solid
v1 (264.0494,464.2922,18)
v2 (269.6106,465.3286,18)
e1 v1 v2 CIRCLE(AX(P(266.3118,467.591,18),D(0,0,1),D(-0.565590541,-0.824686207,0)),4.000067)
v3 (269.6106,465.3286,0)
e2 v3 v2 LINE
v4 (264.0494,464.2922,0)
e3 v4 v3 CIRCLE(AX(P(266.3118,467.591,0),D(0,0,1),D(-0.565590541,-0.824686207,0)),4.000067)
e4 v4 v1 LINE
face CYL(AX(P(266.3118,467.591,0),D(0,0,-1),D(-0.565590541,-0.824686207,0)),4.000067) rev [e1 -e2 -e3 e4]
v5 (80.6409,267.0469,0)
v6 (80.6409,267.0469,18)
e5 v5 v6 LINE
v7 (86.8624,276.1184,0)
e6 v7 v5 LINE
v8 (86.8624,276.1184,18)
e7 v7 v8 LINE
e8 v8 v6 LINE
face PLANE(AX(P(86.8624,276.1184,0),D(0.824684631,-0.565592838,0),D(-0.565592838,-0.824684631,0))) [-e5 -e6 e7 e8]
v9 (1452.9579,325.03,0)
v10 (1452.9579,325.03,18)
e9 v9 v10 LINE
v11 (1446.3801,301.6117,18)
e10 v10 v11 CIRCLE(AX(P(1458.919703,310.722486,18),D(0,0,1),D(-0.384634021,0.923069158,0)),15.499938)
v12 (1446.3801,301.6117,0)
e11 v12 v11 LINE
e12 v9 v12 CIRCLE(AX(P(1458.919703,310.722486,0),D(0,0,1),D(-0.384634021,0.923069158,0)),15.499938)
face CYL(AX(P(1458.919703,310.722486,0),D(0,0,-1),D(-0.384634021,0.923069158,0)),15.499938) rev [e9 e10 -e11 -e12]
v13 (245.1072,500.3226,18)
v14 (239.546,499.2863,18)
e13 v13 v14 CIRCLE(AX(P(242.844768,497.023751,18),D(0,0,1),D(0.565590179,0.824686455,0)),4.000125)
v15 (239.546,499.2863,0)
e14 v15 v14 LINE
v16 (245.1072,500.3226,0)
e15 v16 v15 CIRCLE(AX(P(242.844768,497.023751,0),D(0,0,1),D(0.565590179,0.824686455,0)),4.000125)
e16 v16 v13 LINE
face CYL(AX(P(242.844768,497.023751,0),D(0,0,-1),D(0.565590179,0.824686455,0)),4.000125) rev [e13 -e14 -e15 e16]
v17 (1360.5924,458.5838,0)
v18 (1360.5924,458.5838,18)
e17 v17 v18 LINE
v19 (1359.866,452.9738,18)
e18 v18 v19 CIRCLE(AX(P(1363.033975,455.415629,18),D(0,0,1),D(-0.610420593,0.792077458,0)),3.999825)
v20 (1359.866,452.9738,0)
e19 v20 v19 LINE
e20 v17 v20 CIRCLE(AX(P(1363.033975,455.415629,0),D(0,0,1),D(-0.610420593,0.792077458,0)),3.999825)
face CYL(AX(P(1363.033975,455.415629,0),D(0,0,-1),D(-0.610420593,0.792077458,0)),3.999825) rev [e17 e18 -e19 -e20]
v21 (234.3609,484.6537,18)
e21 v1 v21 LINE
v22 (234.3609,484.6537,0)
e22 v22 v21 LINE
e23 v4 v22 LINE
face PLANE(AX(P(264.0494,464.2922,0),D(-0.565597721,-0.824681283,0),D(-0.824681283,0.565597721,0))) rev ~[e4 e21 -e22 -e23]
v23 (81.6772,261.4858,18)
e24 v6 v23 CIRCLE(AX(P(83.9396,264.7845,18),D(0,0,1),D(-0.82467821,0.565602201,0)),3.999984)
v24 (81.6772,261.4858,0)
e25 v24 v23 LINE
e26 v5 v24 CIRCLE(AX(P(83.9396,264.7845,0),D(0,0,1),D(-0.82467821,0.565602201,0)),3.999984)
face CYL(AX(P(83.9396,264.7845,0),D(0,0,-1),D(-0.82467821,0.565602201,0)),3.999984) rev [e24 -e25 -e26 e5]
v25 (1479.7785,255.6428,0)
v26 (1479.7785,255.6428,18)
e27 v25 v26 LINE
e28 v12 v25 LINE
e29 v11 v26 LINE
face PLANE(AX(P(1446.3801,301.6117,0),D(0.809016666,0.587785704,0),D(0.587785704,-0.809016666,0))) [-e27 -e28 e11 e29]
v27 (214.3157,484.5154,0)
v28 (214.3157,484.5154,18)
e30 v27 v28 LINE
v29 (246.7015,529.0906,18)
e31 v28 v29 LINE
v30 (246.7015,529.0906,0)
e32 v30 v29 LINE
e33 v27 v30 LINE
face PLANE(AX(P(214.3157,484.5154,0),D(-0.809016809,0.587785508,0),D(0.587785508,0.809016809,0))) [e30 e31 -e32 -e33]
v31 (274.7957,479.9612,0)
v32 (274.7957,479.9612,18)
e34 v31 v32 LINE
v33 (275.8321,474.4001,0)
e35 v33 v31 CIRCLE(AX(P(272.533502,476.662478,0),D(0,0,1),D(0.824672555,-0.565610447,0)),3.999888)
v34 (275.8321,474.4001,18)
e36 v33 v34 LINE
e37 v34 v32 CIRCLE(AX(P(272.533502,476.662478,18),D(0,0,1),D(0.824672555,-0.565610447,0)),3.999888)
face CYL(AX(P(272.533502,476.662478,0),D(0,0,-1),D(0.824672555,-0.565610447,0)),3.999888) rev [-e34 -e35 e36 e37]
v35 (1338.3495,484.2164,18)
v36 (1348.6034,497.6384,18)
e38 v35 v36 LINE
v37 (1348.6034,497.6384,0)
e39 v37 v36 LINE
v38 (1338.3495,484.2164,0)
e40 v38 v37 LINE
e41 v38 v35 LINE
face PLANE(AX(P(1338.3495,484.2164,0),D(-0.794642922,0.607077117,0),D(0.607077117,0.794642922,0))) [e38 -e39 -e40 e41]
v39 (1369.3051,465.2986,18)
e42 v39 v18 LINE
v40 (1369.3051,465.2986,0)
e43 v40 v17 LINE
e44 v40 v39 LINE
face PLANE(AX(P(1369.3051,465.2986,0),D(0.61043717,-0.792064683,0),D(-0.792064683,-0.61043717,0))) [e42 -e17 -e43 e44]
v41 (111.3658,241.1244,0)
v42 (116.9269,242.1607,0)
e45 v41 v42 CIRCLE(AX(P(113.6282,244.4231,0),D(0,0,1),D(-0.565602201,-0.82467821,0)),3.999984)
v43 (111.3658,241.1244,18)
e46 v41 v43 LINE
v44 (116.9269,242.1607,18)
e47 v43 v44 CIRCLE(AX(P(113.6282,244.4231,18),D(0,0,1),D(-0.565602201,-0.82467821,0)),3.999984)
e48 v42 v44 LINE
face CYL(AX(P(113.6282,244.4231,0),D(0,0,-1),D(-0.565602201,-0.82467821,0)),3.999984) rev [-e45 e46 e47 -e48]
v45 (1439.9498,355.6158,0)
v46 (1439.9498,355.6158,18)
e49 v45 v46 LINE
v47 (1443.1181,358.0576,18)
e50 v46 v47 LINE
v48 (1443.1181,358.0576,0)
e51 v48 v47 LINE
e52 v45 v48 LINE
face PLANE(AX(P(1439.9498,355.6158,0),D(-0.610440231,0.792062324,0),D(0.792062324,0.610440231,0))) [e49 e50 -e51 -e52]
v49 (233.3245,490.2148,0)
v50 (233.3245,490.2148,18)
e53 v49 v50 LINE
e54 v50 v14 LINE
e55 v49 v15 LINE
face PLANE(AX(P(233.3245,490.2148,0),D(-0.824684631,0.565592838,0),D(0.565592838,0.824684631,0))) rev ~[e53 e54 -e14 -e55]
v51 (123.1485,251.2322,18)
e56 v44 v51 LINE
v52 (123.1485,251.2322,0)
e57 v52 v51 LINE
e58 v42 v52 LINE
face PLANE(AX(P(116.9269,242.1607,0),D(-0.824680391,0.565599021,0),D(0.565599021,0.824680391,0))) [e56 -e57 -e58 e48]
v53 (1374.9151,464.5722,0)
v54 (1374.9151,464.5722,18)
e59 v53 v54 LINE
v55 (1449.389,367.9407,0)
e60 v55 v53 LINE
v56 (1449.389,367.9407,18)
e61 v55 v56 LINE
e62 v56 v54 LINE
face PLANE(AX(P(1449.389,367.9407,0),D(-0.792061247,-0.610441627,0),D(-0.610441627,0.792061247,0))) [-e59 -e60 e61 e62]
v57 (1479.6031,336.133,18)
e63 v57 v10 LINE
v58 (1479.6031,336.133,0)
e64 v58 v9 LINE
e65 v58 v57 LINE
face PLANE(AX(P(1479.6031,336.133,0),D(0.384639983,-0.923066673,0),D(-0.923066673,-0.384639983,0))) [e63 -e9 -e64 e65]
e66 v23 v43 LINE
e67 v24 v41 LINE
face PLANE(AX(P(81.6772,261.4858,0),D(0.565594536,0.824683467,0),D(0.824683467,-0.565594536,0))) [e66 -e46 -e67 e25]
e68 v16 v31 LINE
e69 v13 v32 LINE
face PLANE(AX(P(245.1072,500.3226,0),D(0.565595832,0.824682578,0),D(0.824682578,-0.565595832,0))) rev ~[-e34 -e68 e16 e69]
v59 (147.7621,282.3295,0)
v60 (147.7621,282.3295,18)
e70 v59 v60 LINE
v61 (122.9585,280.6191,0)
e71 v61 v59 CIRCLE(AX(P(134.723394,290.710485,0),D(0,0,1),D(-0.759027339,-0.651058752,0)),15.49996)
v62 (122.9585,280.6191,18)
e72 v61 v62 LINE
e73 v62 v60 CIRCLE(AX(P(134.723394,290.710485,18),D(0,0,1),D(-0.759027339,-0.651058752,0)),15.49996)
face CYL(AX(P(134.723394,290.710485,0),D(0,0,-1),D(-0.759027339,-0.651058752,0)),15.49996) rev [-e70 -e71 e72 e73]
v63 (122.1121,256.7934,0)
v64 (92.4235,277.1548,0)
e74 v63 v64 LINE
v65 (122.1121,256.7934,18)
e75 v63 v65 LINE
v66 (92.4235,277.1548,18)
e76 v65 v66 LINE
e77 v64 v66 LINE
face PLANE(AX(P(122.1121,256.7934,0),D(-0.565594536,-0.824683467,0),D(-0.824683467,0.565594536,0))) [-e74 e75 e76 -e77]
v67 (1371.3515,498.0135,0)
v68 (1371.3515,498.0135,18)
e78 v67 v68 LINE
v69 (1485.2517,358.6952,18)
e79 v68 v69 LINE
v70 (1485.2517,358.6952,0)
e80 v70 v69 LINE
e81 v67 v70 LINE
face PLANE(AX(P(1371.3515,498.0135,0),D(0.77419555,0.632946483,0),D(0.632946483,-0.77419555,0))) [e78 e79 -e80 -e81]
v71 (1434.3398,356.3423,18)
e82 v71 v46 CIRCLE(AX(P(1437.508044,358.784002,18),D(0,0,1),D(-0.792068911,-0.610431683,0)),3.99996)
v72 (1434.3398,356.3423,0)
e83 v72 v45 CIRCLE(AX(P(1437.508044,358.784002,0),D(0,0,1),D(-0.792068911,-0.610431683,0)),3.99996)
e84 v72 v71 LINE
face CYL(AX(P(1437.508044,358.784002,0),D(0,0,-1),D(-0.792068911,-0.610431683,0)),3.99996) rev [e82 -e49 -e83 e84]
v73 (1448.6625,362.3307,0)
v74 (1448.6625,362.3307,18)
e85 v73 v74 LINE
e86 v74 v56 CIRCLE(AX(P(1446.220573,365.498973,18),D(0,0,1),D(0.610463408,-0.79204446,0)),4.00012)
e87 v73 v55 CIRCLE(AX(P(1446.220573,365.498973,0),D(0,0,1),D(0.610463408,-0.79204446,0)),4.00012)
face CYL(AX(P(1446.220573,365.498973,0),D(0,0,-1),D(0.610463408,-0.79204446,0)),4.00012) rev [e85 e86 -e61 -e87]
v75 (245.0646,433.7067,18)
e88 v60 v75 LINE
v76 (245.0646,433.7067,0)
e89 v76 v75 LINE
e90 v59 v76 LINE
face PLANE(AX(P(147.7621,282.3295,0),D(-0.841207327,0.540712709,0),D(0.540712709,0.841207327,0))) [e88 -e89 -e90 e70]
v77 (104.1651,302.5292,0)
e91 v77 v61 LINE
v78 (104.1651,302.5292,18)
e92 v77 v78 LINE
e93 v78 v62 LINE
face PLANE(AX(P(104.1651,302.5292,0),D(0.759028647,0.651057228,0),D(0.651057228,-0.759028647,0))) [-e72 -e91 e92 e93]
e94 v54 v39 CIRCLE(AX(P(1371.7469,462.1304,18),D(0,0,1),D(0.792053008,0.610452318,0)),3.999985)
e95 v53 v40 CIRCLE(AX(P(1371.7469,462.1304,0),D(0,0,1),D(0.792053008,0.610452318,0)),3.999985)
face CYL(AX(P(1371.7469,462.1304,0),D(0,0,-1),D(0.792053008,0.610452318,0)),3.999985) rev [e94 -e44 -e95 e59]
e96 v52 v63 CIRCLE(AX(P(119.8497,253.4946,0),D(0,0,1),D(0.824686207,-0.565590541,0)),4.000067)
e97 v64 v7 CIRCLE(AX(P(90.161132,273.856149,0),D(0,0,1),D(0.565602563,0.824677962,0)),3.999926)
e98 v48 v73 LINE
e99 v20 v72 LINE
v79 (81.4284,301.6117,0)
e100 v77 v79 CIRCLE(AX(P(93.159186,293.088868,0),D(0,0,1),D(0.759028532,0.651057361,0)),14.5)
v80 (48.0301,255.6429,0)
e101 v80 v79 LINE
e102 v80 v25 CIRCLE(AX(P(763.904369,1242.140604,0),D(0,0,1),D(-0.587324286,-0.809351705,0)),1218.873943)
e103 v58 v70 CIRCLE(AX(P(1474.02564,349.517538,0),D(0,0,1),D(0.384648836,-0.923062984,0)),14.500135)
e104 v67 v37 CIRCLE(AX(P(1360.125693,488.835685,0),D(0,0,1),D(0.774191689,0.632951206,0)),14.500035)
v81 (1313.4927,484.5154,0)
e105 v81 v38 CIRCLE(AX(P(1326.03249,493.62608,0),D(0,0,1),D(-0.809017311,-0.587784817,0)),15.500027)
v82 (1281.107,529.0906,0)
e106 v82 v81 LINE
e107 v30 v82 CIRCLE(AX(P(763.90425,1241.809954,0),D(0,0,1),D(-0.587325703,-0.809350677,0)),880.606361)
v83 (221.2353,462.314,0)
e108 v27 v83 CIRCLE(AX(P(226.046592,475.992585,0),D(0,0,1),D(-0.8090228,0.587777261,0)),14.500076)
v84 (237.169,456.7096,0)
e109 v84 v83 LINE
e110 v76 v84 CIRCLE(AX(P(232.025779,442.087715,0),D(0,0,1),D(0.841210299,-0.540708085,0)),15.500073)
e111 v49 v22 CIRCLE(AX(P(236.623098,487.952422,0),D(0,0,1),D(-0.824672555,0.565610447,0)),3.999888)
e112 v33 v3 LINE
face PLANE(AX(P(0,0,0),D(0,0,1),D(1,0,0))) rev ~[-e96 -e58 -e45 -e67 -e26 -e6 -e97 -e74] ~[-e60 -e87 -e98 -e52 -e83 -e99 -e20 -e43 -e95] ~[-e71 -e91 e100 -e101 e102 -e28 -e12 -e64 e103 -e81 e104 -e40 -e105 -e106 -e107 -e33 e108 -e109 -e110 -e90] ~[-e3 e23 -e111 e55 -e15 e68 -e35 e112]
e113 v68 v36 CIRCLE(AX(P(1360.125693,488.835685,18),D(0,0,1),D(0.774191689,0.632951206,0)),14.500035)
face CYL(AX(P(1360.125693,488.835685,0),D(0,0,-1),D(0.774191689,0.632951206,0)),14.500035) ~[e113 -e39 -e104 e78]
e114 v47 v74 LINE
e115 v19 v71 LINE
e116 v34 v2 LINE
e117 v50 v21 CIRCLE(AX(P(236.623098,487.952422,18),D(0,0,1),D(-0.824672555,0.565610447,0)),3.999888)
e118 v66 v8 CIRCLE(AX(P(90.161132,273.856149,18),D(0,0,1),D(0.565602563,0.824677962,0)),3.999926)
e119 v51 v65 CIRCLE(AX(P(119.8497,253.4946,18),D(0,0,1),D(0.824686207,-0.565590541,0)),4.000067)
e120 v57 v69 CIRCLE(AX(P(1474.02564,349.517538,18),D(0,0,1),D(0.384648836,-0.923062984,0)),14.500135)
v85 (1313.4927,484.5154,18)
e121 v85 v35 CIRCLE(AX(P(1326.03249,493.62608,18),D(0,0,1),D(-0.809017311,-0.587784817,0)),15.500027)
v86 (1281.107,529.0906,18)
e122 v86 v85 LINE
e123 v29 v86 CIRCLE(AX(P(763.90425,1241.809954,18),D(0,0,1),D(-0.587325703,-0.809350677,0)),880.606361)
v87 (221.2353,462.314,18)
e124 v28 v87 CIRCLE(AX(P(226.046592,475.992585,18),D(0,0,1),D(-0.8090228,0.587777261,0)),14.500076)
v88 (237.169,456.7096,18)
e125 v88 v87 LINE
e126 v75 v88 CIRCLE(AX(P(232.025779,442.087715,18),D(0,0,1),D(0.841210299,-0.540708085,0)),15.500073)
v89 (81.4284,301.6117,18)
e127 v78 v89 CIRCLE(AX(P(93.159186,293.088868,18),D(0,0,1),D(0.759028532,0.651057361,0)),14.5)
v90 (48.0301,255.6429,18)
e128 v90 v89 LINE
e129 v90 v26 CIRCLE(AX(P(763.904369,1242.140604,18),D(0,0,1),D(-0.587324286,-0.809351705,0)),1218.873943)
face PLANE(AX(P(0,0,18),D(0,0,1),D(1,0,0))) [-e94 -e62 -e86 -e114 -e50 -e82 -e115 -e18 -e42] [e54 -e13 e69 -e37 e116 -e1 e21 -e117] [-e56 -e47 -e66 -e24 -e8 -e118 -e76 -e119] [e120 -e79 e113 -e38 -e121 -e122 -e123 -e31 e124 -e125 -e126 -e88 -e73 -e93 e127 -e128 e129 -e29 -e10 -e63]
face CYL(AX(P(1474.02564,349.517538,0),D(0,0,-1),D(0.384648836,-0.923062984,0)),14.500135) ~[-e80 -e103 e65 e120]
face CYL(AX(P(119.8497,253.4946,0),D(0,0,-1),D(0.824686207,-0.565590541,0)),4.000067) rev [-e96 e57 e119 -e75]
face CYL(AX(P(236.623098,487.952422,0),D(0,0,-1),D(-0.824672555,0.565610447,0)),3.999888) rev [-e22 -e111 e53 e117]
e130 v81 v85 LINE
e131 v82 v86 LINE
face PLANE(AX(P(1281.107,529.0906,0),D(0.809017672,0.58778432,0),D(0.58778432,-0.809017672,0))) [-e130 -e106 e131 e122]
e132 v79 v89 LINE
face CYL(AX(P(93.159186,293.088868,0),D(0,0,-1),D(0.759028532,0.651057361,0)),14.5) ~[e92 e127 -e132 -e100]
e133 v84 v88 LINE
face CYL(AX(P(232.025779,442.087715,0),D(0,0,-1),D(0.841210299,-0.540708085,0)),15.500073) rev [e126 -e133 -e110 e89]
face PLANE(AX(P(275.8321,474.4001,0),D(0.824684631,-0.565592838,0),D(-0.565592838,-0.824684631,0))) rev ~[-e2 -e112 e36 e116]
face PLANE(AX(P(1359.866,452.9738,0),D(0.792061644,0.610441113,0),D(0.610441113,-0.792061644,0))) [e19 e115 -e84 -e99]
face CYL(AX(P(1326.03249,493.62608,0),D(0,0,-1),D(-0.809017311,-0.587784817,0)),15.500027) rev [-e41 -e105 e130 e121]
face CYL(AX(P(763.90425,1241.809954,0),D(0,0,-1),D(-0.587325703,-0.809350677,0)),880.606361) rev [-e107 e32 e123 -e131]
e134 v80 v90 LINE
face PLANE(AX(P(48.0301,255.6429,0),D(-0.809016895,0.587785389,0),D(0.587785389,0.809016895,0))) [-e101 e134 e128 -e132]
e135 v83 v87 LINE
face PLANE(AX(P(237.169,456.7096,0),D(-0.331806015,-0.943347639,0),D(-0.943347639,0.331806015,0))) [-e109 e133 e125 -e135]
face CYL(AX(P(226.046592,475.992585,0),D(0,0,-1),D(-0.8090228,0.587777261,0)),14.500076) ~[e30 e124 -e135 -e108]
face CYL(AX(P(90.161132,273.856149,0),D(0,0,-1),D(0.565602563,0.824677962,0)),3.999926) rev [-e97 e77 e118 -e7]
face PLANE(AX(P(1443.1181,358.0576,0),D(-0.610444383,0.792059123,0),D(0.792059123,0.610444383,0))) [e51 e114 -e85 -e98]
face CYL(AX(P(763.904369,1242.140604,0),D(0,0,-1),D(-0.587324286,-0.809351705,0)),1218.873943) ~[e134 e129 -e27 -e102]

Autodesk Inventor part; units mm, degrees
ref_plane "YZ Plane" through (0, 0, 0) normal (1, 0, 0) x (0, 1, 0)
ref_plane "XZ Plane" through (0, 0, 0) normal (0, 1, 0) x (-1, 0, 0)
ref_plane "XY Plane" through (0, 0, 0) normal (0, 0, 1) x (1, 0, 0)
sketch "CONTOURS" plane through (0, 0, 0) normal (0, 0, 1) x (1, 0, 0)
  arc A0 (122.9585, 280.6191) -> (147.7621, 282.3295) centre (134.7234, 290.7105) ccw
  line L0 (147.7621, 282.3295) -> (245.0646, 433.7067)
  arc A1 (245.0646, 433.7067) -> (237.169, 456.7096) centre (232.0259, 442.0877) ccw
  line L1 (237.169, 456.7096) -> (221.2353, 462.314)
  arc A2 (214.3157, 484.5154) -> (221.2353, 462.314) centre (226.0465, 475.9926) ccw
  line L2 (214.3157, 484.5154) -> (246.7015, 529.0906)
  arc A3 (246.7015, 529.0906) -> (1281.107, 529.0906) centre (763.9042, 1241.8098) ccw
  line L3 (1281.107, 529.0906) -> (1313.4927, 484.5154)
  arc A4 (1313.4927, 484.5154) -> (1338.3495, 484.2164) centre (1326.0325, 493.6261) ccw
  line L4 (1338.3495, 484.2164) -> (1348.6034, 497.6384)
  arc A5 (1371.3515, 498.0135) -> (1348.6034, 497.6384) centre (1360.1257, 488.8357) ccw
  line L5 (1371.3515, 498.0135) -> (1485.2517, 358.6952)
  arc A6 (1479.6031, 336.133) -> (1485.2517, 358.6952) centre (1474.0258, 349.5174) ccw
  line L6 (1479.6031, 336.133) -> (1452.9579, 325.03)
  arc A7 (1452.9579, 325.03) -> (1446.3801, 301.6117) centre (1458.9198, 310.7224) ccw
  line L7 (1446.3801, 301.6117) -> (1479.7785, 255.6428)
  arc A8 (48.0301, 255.6429) -> (1479.7785, 255.6428) centre (763.9044, 1242.1407) ccw
  line L8 (48.0301, 255.6429) -> (81.4284, 301.6117)
  arc A9 (104.1651, 302.5292) -> (81.4284, 301.6117) centre (93.1592, 293.0889) ccw
  line L9 (104.1651, 302.5292) -> (122.9585, 280.6191)
sketch "HOLES" plane through (0, 0, 0) normal (0, 0, 1) x (1, 0, 0)
  arc A0 (123.1485, 251.2322) -> (122.1121, 256.7934) centre (119.8497, 253.4946) ccw
  line L0 (122.1121, 256.7934) -> (92.4235, 277.1548)
  arc A1 (92.4235, 277.1548) -> (86.8624, 276.1184) centre (90.1611, 273.856) ccw
  line L1 (86.8624, 276.1184) -> (80.6409, 267.0469)
  arc A2 (80.6409, 267.0469) -> (81.6772, 261.4858) centre (83.9396, 264.7845) ccw
  line L2 (116.9269, 242.1607) -> (123.1485, 251.2322)
  arc A3 (111.3658, 241.1244) -> (116.9269, 242.1607) centre (113.6282, 244.4231) ccw
  line L3 (264.0494, 464.2922) -> (234.3609, 484.6537)
  arc A4 (233.3245, 490.2148) -> (234.3609, 484.6537) centre (236.6232, 487.9524) ccw
  line L4 (233.3245, 490.2148) -> (239.546, 499.2863)
  arc A5 (245.1072, 500.3226) -> (239.546, 499.2863) centre (242.8448, 497.0239) ccw
  line L5 (245.1072, 500.3226) -> (274.7957, 479.9612)
  arc A6 (275.8321, 474.4001) -> (274.7957, 479.9612) centre (272.5334, 476.6625) ccw
  line L6 (275.8321, 474.4001) -> (269.6106, 465.3286)
  arc A7 (264.0494, 464.2922) -> (269.6106, 465.3286) centre (266.3118, 467.591) ccw
  line L7 (1443.1181, 358.0576) -> (1448.6625, 362.3307)
  arc A8 (1448.6625, 362.3307) -> (1449.389, 367.9407) centre (1446.2207, 365.4989) ccw
  line L8 (1449.389, 367.9407) -> (1374.9151, 464.5722)
  arc A9 (1374.9151, 464.5722) -> (1369.3051, 465.2986) centre (1371.7469, 462.1304) ccw
  line L9 (1369.3051, 465.2986) -> (1360.5924, 458.5838)
  arc A10 (1360.5924, 458.5838) -> (1359.866, 452.9738) centre (1363.0342, 455.4155) ccw
  line L10 (1359.866, 452.9738) -> (1434.3398, 356.3423)
  arc A11 (1434.3398, 356.3423) -> (1439.9498, 355.6158) centre (1437.5081, 358.7841) ccw
  line L11 (1439.9498, 355.6158) -> (1443.1181, 358.0576)
  line L12 (81.6772, 261.4858) -> (111.3658, 241.1244)
sketch "LETTERS" plane through (0, 0, 0) normal (0, 0, 1) x (1, 0, 0)
  line L0 (274.8207, 322.605) -> (262.022, 329.8103)
  line L1 (262.022, 329.8103) -> (252.3047, 312.5498)
  line L2 (252.3047, 312.5498) -> (265.1034, 305.3445)
extrude "Extrusion1" add sketch "CONTOURS" along normal blind 18
extrude "Extrusion2" cut sketch "HOLES" along normal blind 18
properties part number "Platform E2" material "Wood (Birch)"
